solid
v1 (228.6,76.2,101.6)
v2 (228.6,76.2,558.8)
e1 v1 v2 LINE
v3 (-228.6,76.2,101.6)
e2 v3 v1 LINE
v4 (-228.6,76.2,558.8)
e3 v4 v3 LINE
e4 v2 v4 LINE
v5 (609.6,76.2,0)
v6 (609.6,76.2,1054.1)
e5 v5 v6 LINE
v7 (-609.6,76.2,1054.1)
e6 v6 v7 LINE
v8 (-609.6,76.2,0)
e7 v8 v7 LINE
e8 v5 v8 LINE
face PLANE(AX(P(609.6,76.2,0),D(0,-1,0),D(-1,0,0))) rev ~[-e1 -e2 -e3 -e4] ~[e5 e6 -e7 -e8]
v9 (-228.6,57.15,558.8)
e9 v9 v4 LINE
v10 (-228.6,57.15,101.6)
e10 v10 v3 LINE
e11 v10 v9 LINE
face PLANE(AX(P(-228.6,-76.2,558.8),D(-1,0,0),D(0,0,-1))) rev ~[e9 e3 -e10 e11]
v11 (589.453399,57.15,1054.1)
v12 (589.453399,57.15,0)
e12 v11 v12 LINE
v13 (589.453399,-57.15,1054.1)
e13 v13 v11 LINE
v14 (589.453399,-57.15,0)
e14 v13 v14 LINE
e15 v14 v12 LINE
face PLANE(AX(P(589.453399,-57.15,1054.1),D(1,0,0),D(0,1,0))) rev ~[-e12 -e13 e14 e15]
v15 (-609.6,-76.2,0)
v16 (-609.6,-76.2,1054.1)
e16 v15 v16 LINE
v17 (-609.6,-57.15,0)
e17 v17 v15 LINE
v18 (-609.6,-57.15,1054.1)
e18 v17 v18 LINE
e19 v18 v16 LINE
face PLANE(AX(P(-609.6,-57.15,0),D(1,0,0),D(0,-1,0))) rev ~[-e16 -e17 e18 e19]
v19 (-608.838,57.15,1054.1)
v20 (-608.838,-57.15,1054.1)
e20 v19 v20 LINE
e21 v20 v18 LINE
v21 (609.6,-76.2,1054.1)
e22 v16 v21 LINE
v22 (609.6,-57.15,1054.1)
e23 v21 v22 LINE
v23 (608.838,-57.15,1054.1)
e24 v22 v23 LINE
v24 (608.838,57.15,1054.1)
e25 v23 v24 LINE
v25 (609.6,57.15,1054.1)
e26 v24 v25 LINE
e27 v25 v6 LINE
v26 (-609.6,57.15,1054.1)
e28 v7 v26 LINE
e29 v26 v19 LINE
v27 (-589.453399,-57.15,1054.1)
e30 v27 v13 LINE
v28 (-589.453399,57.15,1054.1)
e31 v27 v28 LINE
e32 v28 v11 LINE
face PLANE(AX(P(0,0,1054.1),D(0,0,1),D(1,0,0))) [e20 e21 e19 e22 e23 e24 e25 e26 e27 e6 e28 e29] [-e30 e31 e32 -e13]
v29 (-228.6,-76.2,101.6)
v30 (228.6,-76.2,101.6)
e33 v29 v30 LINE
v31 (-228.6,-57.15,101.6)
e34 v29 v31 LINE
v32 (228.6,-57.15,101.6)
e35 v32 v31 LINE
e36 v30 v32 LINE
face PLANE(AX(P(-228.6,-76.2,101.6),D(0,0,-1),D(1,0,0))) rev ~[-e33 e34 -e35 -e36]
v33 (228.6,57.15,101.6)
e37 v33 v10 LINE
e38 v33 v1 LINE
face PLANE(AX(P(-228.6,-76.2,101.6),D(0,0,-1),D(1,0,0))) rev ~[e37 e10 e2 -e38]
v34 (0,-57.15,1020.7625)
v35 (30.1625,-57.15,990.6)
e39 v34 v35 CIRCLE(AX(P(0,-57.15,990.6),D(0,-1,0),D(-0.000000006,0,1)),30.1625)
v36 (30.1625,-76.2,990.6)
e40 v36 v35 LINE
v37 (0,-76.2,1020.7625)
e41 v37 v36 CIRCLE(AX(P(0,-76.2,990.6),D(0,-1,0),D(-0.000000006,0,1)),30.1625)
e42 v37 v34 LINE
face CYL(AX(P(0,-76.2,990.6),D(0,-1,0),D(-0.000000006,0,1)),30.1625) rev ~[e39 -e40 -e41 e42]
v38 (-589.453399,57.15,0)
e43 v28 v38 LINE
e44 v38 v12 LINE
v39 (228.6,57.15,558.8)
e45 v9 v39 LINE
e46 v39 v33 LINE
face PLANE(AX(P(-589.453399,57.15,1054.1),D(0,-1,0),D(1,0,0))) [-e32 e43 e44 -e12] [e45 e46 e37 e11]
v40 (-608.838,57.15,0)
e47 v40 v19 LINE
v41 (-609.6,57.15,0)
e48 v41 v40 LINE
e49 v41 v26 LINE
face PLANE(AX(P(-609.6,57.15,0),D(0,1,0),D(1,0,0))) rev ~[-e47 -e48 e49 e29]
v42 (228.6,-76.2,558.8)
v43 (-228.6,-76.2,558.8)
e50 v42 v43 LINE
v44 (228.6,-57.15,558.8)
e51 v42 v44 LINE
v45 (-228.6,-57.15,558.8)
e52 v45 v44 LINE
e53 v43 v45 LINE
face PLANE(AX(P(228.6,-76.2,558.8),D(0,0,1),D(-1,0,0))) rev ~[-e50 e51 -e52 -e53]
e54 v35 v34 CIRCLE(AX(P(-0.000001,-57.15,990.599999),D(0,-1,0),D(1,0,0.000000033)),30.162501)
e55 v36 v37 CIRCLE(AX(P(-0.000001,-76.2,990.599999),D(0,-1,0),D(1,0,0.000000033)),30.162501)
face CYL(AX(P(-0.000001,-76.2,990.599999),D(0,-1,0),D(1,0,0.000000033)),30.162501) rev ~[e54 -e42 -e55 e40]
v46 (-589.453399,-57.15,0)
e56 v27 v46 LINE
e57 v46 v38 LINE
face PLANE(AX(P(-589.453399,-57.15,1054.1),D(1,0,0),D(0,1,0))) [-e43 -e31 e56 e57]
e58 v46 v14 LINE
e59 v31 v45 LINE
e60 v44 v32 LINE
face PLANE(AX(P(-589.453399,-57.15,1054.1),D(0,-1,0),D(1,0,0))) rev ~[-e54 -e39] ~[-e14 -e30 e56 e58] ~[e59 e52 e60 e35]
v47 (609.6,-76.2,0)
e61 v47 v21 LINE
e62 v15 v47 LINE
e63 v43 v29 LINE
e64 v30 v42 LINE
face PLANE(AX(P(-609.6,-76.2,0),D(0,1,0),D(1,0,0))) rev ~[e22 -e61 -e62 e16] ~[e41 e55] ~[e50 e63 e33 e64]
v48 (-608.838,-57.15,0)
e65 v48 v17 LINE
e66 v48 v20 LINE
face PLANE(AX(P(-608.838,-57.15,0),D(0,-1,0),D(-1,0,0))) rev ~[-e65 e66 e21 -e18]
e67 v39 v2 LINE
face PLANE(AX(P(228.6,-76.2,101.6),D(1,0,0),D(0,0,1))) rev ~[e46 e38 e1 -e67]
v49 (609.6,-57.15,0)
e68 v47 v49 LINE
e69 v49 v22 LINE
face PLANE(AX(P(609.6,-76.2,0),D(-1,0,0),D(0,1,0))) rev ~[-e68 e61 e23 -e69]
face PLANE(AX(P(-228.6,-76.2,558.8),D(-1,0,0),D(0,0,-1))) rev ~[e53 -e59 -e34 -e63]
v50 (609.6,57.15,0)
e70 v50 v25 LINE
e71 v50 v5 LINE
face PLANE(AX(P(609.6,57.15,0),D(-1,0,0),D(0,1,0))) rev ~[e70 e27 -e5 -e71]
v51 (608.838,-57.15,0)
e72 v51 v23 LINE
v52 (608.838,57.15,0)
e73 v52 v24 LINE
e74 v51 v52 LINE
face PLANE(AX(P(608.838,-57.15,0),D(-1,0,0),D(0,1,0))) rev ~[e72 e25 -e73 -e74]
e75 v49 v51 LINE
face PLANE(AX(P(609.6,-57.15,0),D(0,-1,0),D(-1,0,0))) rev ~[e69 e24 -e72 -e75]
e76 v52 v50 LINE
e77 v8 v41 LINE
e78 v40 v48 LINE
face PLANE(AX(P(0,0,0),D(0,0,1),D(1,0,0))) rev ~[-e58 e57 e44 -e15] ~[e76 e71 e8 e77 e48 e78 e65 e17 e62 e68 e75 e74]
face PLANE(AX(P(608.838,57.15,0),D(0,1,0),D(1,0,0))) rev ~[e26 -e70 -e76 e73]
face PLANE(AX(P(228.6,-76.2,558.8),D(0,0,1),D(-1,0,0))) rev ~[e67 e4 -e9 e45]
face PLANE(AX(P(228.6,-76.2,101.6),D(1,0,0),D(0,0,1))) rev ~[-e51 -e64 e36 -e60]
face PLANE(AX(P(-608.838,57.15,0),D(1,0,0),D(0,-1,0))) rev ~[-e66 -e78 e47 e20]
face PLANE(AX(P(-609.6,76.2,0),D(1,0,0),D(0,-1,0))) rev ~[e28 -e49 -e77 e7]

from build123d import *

# Parameters (mm, degrees)
F1_DEPTH = 1054.1
F3_DEPTH = 152.4
F4_W     = 1178.906798
F4_H     = 114.3
F5_DEPTH = 1270
F7_DEPTH = 25.4


with BuildPart() as f1:
    # F0 (on Top) → F1 (new body)
    with BuildSketch(Plane.XY):
        Polygon((609.6, 57.15), (609.6, 76.2), (-609.6, 76.2), (-609.6, 57.15), (-608.838, 57.15), (-608.838, -57.15), (-609.6, -57.15), (-609.6, -76.2), (609.6, -76.2), (609.6, -57.15), (608.838, -57.15), (608.838, 57.15), align=None)
    extrude(amount=F1_DEPTH)

    # F2 (on face) → F3 (cut)
    with BuildSketch(Plane.XZ.offset(76.2)):
        Polygon((-228.6, 101.6), (0, 101.6), (228.6, 101.6), (228.6, 558.8), (-228.6, 558.8), align=None)
    extrude(amount=-F3_DEPTH, mode=Mode.SUBTRACT)

    # F4 (on face) → F5 (cut)
    with BuildSketch(Plane.XY.offset(1054.1)):
        Rectangle(F4_W, F4_H)
    extrude(amount=-F5_DEPTH, mode=Mode.SUBTRACT)

    # F6 (on face) → F7 (cut)
    with BuildSketch(Plane.XZ.offset(76.2)):
        with BuildLine():
            ThreePointArc((0, 1020.7625), (-21.328108, 969.271892), (30.1625, 990.6))
            ThreePointArc((30.1625, 990.6), (21.328108, 1011.928108), (0, 1020.7625))
        make_face()
    extrude(amount=-F7_DEPTH, mode=Mode.SUBTRACT)


solid = f1.part
